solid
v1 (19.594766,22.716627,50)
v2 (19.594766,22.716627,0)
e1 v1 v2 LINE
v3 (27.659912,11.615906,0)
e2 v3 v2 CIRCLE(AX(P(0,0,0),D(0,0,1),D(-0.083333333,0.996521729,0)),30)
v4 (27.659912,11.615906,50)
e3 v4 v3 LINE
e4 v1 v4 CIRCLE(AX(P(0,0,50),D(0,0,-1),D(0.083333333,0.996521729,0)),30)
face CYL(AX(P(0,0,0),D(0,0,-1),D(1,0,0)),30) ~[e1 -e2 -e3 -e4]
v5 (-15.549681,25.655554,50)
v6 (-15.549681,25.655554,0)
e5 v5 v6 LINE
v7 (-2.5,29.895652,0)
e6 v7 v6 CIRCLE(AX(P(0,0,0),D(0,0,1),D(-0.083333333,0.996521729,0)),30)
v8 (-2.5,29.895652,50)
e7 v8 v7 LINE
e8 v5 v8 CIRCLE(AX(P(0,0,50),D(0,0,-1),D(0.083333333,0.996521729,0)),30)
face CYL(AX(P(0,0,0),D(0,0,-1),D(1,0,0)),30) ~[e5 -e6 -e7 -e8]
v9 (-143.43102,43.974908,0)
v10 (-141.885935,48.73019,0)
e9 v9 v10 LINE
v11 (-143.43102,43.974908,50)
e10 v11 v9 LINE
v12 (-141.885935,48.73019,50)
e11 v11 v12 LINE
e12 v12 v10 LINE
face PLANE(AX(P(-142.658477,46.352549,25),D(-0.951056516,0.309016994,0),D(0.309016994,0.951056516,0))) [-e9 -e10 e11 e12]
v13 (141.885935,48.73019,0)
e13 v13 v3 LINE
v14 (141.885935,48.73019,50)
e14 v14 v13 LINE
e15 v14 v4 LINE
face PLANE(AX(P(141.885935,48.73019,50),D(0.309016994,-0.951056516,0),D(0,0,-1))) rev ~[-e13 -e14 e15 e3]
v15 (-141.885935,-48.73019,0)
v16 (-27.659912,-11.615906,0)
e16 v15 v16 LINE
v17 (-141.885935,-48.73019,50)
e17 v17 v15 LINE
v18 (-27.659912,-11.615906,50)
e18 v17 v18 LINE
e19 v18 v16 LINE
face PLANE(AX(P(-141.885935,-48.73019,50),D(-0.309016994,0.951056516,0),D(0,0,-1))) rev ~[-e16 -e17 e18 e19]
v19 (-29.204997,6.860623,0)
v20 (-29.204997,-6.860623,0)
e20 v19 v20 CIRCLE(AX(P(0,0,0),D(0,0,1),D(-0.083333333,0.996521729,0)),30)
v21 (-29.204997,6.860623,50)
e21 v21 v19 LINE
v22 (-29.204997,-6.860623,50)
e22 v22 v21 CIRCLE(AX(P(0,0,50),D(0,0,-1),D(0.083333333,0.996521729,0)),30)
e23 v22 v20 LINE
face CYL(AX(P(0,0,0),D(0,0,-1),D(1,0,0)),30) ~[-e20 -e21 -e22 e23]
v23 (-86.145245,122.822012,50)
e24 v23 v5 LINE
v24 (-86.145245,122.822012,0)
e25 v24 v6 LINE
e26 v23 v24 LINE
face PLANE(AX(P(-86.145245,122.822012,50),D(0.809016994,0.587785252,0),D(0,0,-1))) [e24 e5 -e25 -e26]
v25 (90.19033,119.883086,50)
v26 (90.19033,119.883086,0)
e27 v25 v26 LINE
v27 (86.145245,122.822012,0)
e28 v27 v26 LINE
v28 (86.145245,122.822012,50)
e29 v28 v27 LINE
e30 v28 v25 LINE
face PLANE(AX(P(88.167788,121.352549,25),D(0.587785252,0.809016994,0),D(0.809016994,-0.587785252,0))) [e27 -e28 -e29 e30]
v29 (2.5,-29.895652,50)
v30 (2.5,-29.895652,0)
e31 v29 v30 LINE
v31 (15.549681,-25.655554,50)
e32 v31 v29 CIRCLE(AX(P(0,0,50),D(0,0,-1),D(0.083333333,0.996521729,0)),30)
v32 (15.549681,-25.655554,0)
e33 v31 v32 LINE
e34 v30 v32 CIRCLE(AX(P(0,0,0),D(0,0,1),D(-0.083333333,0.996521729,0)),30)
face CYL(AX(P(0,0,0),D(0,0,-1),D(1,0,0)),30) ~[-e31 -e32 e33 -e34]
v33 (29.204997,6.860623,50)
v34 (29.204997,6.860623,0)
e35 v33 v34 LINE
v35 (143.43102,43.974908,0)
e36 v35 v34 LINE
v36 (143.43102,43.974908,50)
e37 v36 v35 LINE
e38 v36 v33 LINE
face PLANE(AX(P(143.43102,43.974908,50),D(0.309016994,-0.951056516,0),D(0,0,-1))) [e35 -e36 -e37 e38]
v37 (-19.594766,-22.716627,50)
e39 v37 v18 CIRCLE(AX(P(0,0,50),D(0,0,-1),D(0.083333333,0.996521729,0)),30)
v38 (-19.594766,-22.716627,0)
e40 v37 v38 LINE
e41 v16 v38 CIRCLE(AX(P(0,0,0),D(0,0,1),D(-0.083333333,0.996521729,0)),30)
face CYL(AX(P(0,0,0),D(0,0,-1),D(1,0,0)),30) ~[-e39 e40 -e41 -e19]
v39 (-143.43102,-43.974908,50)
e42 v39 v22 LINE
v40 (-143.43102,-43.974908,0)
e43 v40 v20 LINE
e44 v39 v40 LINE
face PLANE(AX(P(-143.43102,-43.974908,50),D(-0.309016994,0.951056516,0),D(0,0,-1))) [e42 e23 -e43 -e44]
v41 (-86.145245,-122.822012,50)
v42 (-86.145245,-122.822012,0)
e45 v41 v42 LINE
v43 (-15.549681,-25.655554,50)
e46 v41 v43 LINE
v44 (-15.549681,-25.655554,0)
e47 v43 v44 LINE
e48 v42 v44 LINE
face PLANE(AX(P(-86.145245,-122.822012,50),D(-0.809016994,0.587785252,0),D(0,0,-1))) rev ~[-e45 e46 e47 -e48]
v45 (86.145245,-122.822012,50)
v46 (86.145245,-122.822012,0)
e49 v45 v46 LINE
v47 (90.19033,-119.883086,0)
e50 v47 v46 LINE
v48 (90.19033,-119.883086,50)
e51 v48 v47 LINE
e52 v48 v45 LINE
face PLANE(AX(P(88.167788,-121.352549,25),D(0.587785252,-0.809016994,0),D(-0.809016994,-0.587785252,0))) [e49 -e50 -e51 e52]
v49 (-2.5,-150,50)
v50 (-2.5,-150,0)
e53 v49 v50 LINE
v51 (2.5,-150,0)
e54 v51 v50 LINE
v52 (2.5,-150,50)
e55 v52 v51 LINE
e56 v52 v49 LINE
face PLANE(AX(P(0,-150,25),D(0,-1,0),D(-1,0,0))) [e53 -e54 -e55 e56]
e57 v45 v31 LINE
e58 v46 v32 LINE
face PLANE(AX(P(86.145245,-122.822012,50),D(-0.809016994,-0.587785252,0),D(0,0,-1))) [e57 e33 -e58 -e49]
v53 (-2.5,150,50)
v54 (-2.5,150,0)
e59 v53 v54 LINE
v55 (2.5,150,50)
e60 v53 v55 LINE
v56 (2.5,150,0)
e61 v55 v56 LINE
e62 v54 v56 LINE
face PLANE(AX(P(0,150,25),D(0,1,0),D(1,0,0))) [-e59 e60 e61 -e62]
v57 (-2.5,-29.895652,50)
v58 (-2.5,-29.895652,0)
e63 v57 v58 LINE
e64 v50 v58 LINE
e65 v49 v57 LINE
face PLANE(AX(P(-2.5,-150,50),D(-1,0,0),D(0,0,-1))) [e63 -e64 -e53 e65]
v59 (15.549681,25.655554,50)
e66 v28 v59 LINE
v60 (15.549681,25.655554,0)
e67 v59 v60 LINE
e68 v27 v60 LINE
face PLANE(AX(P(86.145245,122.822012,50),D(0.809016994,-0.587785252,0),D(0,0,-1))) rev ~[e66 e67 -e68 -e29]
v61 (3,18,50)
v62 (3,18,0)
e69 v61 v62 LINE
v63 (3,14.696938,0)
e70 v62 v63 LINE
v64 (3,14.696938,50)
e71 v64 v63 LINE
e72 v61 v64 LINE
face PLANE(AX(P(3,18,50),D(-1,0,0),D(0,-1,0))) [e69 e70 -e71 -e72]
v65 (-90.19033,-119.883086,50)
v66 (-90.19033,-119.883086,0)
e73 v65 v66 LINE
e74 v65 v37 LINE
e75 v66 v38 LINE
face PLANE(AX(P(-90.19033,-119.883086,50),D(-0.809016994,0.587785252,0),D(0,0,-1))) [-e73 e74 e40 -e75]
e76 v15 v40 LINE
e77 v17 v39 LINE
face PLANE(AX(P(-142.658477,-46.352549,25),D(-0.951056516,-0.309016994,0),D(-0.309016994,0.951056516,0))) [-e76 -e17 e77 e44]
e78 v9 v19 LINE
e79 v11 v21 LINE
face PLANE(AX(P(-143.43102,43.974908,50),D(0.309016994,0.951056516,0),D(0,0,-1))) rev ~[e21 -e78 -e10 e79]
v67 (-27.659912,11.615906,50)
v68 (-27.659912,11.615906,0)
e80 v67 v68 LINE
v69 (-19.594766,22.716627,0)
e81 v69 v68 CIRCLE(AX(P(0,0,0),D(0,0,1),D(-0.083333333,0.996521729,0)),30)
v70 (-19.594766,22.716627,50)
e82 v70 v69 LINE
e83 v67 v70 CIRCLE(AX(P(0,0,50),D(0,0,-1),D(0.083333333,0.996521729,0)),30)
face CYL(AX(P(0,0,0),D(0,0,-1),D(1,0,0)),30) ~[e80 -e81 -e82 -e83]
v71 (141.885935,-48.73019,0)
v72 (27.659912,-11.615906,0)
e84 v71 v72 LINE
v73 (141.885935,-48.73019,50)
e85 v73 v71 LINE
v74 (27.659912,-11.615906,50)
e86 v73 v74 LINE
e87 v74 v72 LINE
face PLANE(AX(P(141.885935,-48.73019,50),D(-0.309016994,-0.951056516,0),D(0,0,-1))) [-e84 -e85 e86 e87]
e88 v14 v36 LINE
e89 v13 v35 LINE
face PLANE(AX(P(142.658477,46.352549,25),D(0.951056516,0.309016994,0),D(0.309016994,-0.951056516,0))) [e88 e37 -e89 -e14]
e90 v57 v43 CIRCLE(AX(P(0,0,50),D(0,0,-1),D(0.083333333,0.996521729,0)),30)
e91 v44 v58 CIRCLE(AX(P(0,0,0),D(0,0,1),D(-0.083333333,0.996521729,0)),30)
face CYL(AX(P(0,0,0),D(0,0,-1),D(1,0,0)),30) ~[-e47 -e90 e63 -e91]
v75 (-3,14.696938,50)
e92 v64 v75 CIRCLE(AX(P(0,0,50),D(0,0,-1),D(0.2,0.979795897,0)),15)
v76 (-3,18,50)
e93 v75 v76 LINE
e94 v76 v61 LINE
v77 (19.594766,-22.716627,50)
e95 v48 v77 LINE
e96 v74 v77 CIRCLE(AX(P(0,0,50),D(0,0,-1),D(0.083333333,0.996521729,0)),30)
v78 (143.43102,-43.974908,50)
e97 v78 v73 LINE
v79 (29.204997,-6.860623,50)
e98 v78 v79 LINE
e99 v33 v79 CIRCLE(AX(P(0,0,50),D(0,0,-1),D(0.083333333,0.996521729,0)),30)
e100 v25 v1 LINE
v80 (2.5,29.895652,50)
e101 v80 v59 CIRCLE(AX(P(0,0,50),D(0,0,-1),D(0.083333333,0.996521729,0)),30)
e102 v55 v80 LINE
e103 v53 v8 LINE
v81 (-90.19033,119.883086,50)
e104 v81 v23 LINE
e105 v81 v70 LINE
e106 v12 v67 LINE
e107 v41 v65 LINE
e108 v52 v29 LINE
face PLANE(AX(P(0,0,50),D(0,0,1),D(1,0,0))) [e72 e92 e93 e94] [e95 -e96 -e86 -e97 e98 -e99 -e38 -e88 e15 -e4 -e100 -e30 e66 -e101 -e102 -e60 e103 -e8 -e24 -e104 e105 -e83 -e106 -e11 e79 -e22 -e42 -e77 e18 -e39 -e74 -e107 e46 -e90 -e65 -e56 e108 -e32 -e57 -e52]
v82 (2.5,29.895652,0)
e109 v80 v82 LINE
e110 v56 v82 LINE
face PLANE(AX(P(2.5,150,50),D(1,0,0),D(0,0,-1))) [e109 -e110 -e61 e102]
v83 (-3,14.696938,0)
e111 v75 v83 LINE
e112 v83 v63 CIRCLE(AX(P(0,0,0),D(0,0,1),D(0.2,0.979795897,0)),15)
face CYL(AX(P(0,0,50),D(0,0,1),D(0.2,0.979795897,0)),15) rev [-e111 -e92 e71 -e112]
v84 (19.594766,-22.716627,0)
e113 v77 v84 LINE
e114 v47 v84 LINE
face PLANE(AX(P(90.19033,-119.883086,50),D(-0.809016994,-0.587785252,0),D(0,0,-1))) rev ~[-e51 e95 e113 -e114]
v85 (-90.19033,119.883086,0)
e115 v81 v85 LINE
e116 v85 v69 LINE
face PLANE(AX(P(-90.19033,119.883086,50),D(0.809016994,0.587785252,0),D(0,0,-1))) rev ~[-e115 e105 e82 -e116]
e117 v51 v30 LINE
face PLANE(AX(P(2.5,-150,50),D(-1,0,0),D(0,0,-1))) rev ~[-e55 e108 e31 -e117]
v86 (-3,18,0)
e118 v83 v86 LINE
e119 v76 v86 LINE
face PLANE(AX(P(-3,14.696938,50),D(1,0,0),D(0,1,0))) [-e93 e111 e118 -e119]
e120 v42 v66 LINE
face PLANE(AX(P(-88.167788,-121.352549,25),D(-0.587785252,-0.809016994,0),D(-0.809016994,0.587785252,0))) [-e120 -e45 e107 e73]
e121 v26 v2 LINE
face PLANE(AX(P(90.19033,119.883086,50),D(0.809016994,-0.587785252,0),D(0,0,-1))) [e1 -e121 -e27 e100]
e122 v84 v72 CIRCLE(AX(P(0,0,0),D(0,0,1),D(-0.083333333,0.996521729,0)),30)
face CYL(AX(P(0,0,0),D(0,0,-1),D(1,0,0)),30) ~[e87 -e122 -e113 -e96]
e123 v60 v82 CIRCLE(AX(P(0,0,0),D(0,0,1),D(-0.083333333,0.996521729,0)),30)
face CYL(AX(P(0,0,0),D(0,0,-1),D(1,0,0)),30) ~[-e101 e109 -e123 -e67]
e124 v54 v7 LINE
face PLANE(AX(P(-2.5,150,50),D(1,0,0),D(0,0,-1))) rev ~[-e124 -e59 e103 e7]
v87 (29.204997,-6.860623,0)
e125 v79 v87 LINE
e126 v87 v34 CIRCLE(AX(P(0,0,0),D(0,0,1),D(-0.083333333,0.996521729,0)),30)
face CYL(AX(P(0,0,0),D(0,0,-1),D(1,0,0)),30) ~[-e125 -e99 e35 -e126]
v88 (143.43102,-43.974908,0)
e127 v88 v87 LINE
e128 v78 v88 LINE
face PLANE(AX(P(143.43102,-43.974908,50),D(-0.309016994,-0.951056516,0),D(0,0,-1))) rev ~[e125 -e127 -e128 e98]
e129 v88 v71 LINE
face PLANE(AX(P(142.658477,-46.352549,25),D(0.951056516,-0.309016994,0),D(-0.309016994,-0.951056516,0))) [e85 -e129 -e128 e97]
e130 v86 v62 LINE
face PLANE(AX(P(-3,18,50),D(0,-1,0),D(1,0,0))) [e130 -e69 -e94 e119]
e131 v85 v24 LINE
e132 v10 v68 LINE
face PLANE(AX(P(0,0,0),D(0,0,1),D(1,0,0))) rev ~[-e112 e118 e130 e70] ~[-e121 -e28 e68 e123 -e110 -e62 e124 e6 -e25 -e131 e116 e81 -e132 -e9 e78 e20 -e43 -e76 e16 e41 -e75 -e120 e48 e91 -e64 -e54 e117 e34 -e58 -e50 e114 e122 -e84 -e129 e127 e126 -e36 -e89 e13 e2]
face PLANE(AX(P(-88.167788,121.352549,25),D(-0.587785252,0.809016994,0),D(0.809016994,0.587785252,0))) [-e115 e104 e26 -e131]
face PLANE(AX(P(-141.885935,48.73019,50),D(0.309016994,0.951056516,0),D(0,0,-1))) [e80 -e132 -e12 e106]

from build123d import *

# Parameters (mm, degrees)
SKETCH_1_R               = 30
EXTRUDE_1_DEPTH          = 50
CUT_EXTRUDE_1_DEPTH      = 66.574385243
EXTRUDE_2_REACH          = 191.209
EXTRUDE_2_END_RADIUS     = 30
SKETCH_3_W               = 5
SKETCH_3_H               = 50
PATTERN_CIRCULAR_1_COUNT = 10


with BuildPart() as part:
    # 草图1 → 凸台-拉伸1 (new body)
    with BuildSketch(Plane.XY):
        Circle(SKETCH_1_R)
    extrude(amount=EXTRUDE_1_DEPTH)

    # 草图2 → 切除-拉伸1 (cut, through all)
    with BuildSketch(Plane.XY.offset(50)):
        with BuildLine():
            Line((-3, 18), (3, 18))
            Line((3, 18), (3, 14.696938457))
            ThreePointArc((3, 14.696938457), (0, -15), (-3, 14.696938457))
            Line((-3, 14.696938457), (-3, 18))
        make_face()
    extrude(amount=-CUT_EXTRUDE_1_DEPTH, mode=Mode.SUBTRACT)

    # 凸台-拉伸2: up to this cylinder (the profile starts outside it)
    extrude_2_end = Plane(origin=(0, 0, 25), z_dir=(0, 0, -1)) * Cylinder(EXTRUDE_2_END_RADIUS, 443.418, mode=Mode.PRIVATE)
    # 草图3 → 凸台-拉伸2 (add, up to the surface)
    with BuildSketch(Plane(origin=(0, 150, 0), x_dir=(1, 0, 0), z_dir=(0, 1, 0)), mode=Mode.PRIVATE) as extrude_2_sk1:
        with Locations((0, -25)):
            Rectangle(SKETCH_3_W, SKETCH_3_H)
    extrude_2_tool1 = extrude(extrude_2_sk1.sketch, amount=-EXTRUDE_2_REACH, mode=Mode.PRIVATE) - extrude_2_end
    extrude_2 = extrude_2_tool1.solids().sort_by_distance((0, 150, 25))[0]
    add(extrude_2)

    # 阵列(圆周)1: 凸台-拉伸2 ×10 about axis
    pattern_circular_1_axis = Axis((0, 0, 0), (0, 0, 1))
    for i in range(1, PATTERN_CIRCULAR_1_COUNT):
        add(extrude_2.rotate(pattern_circular_1_axis, i * 360 / PATTERN_CIRCULAR_1_COUNT))


solid = part.part
